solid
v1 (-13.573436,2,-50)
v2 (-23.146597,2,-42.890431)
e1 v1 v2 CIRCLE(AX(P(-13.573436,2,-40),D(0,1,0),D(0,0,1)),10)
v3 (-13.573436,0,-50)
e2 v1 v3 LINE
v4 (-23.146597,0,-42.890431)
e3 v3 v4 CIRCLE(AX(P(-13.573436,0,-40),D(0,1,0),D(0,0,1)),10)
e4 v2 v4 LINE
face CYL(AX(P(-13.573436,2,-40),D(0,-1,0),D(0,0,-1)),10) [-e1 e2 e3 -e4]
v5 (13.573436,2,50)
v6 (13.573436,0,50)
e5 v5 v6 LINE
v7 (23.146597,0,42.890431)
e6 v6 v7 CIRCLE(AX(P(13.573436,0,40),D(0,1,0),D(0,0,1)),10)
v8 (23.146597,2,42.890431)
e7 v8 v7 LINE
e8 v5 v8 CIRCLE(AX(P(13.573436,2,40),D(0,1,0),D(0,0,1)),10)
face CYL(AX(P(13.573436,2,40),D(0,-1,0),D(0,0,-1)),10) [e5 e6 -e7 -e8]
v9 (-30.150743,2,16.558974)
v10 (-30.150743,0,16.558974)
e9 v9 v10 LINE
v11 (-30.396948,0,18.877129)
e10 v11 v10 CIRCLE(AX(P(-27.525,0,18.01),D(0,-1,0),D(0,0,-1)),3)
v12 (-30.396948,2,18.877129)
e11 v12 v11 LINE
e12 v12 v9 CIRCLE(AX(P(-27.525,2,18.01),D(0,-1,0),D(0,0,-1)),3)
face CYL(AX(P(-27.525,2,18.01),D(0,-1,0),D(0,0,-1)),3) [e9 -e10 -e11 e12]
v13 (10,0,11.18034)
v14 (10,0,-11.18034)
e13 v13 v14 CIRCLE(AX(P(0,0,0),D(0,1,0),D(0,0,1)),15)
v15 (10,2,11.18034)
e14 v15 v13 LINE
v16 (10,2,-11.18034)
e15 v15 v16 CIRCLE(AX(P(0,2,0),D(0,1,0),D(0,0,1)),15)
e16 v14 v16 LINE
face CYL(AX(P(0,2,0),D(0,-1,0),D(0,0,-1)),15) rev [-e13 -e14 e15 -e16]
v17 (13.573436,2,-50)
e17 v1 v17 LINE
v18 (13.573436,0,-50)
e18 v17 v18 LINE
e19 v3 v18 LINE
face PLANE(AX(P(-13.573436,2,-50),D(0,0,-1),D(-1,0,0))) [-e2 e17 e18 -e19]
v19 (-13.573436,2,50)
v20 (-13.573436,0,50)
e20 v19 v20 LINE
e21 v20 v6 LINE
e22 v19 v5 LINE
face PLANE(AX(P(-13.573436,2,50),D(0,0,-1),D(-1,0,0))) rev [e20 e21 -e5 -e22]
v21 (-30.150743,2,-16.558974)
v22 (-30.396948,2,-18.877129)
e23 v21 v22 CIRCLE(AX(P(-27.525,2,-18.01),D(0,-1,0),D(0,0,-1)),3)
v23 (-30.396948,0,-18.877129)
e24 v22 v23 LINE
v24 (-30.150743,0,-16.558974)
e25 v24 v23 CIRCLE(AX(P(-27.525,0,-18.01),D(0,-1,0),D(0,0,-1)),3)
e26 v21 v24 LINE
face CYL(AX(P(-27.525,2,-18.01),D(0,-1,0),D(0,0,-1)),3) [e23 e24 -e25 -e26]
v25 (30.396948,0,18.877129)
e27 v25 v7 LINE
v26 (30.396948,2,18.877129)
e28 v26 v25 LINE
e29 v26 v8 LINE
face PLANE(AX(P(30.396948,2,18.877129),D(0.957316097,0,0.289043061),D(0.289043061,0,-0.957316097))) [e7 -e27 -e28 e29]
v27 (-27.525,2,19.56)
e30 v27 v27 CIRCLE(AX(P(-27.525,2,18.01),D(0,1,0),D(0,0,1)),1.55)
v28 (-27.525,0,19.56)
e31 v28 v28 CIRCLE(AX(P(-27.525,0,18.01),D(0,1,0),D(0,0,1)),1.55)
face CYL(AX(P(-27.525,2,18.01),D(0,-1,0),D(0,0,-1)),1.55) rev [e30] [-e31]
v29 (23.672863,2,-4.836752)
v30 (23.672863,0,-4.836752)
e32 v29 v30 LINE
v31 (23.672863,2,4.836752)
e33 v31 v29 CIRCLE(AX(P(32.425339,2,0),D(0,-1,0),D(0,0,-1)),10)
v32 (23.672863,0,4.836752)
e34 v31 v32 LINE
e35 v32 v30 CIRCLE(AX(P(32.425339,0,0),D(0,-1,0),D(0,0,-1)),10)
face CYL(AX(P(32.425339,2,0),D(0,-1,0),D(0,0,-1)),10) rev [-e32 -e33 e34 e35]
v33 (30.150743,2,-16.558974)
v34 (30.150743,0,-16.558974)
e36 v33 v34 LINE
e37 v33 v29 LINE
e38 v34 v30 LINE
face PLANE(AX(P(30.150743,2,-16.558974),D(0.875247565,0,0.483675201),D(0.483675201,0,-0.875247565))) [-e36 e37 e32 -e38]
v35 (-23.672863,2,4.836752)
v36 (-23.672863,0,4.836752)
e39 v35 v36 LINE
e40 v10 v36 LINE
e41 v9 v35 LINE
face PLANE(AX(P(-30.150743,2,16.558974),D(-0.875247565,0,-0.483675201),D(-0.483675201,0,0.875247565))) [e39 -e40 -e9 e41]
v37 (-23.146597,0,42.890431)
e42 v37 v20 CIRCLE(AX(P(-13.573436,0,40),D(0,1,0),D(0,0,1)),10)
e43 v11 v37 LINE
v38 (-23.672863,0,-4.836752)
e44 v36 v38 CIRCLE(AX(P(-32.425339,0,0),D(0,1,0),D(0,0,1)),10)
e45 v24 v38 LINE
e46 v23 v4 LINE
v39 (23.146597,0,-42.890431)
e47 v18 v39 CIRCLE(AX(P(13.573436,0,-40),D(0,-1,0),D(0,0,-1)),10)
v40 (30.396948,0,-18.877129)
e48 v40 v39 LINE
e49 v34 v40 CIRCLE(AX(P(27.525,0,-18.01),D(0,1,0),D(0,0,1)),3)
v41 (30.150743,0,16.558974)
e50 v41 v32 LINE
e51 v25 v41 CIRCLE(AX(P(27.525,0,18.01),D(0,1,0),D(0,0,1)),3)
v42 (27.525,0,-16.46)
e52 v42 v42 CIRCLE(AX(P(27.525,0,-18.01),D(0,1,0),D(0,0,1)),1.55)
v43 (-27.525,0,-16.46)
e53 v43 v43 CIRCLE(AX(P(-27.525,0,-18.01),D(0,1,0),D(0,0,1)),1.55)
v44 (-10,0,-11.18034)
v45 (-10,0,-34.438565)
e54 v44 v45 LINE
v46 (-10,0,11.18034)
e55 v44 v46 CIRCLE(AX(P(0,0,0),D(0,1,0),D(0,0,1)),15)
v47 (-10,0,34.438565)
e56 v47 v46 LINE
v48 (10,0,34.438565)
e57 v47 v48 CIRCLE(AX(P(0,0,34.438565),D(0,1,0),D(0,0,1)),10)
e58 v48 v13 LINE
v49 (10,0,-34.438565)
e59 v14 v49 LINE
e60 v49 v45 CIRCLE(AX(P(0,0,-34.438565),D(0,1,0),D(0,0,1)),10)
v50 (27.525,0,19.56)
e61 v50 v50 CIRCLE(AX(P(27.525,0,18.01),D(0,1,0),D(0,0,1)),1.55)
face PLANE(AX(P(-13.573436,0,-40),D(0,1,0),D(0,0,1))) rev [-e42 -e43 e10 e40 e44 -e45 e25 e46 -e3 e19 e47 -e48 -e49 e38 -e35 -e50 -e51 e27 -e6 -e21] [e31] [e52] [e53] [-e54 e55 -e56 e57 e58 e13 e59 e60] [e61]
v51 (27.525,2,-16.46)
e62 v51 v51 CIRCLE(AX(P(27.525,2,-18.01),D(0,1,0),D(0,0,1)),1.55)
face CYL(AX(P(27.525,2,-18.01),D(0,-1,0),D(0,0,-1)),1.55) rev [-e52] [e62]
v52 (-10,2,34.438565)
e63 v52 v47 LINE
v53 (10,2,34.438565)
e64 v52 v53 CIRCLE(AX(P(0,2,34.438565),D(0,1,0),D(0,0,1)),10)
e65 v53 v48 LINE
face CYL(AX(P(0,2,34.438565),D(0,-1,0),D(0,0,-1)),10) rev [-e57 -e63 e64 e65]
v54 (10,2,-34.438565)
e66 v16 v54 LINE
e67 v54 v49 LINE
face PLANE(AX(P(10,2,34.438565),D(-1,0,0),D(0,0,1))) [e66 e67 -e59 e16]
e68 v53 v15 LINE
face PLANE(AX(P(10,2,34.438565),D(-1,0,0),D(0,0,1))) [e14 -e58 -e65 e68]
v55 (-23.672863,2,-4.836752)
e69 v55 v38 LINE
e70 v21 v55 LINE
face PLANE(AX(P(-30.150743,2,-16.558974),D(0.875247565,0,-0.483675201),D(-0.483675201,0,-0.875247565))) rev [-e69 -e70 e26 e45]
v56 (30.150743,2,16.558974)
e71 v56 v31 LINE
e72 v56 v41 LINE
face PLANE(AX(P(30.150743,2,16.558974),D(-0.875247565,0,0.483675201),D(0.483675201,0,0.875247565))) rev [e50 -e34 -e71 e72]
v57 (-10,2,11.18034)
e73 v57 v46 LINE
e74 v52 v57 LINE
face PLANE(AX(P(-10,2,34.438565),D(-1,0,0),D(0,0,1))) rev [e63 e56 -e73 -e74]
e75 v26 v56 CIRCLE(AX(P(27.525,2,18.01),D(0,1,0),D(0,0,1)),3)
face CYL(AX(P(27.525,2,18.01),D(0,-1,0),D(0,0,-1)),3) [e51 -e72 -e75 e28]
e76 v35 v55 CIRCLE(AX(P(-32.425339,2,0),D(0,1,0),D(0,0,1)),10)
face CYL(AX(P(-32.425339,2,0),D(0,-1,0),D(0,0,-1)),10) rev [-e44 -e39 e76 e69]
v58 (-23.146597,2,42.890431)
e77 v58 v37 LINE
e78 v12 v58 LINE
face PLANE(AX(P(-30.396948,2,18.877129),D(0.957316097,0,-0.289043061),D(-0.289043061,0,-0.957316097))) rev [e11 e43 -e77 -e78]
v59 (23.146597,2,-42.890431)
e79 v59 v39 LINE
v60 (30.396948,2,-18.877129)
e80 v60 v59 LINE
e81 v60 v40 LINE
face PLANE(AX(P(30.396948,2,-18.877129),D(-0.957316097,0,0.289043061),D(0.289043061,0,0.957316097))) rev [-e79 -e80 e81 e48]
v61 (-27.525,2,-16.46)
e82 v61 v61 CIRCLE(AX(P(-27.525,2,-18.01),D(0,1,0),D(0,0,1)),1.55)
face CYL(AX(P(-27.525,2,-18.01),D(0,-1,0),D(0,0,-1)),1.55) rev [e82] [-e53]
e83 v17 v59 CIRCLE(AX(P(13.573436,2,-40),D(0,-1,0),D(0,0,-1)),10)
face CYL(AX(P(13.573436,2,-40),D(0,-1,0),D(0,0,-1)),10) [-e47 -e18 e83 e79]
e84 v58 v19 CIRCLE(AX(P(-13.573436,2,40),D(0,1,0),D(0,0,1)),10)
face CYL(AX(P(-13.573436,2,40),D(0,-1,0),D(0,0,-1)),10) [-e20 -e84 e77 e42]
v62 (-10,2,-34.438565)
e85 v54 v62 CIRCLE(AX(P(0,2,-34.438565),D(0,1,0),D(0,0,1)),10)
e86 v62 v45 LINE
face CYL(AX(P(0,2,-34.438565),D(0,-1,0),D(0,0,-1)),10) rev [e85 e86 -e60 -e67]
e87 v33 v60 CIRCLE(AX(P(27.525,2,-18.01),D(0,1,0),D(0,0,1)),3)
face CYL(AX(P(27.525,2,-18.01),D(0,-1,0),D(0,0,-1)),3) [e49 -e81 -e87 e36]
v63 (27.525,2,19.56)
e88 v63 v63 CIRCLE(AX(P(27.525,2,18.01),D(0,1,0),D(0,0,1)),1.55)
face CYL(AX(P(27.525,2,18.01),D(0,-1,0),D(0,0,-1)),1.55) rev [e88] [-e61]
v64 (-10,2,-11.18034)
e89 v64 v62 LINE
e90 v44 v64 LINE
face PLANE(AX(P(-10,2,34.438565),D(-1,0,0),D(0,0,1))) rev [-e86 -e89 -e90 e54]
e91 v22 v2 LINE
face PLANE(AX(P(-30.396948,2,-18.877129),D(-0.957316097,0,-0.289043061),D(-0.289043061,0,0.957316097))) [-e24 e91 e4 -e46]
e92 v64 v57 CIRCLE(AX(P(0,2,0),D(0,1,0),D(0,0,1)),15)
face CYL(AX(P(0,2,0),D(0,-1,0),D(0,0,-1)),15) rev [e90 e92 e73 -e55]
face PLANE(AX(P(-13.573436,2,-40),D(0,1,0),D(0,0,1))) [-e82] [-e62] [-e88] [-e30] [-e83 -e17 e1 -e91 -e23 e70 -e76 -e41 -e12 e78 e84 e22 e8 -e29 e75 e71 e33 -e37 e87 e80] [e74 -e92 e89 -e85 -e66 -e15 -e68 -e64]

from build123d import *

# Parameters (mm, degrees)
SKETCH1_R           = 1.55
BOSS_EXTRUDE1_DEPTH = 2


with BuildPart() as part:
    # Sketch1 → Boss-Extrude1 (new body)
    with BuildSketch(Plane(origin=(0, 0, 0), x_dir=(1, 0, 0), z_dir=(0, 1, 0))):
        with BuildLine():
            ThreePointArc((-23.146596832, -42.890430613), (-19.535637384, -48.028209829), (-13.573435866, -50))
            Line((-13.573435866, -50), (13.573435866, -50))
            ThreePointArc((13.573435866, -50), (19.535637384, -48.028209829), (23.146596832, -42.890430613))
            Line((23.146596832, -42.890430613), (30.39694829, -18.877129184))
            ThreePointArc((30.39694829, -18.877129184), (30.508221739, -17.693159259), (30.150742695, -16.558974398))
            Line((30.150742695, -16.558974398), (23.672863187, -4.836752006))
            ThreePointArc((23.672863187, -4.836752006), (22.425338839, 0), (23.672863187, 4.836752006))
            Line((23.672863187, 4.836752006), (30.150742695, 16.558974398))
            ThreePointArc((30.150742695, 16.558974398), (30.508221739, 17.693159259), (30.39694829, 18.877129184))
            Line((30.39694829, 18.877129184), (23.146596832, 42.890430613))
            ThreePointArc((23.146596832, 42.890430613), (19.535637384, 48.028209829), (13.573435866, 50))
            Line((13.573435866, 50), (-13.573435866, 50))
            ThreePointArc((-13.573435866, 50), (-19.535637384, 48.028209829), (-23.146596832, 42.890430613))
            Line((-23.146596832, 42.890430613), (-30.39694829, 18.877129184))
            ThreePointArc((-30.39694829, 18.877129184), (-30.508221739, 17.693159259), (-30.150742695, 16.558974398))
            Line((-30.150742695, 16.558974398), (-23.672863187, 4.836752006))
            ThreePointArc((-23.672863187, 4.836752006), (-22.425338839, 0), (-23.672863187, -4.836752006))
            Line((-23.672863187, -4.836752006), (-30.150742695, -16.558974398))
            ThreePointArc((-30.150742695, -16.558974398), (-30.508221739, -17.693159259), (-30.39694829, -18.877129184))
            Line((-30.39694829, -18.877129184), (-23.146596832, -42.890430613))
        make_face()
        with BuildLine():
            ThreePointArc((10, -34.438564592), (0, -44.438564592), (-10, -34.438564592))
            Line((-10, -34.438564592), (-10, -11.180339887))
            ThreePointArc((-10, -11.180339887), (-15, 0), (-10, 11.180339887))
            Line((-10, 11.180339887), (-10, 34.438564592))
            ThreePointArc((-10, 34.438564592), (0, 44.438564592), (10, 34.438564592))
            Line((10, 34.438564592), (10, 11.180339887))
            ThreePointArc((10, 11.180339887), (15, 0), (10, -11.180339887))
            Line((10, -11.180339887), (10, -34.438564592))
        make_face(mode=Mode.SUBTRACT)
        with Locations((-27.525, -18.01)):
            Circle(SKETCH1_R, mode=Mode.SUBTRACT)
        with Locations((-27.525, 18.01)):
            Circle(SKETCH1_R, mode=Mode.SUBTRACT)
        with Locations((27.525, 18.01)):
            Circle(SKETCH1_R, mode=Mode.SUBTRACT)
        with Locations((27.525, -18.01)):
            Circle(SKETCH1_R, mode=Mode.SUBTRACT)
    extrude(amount=BOSS_EXTRUDE1_DEPTH)


solid = part.part
